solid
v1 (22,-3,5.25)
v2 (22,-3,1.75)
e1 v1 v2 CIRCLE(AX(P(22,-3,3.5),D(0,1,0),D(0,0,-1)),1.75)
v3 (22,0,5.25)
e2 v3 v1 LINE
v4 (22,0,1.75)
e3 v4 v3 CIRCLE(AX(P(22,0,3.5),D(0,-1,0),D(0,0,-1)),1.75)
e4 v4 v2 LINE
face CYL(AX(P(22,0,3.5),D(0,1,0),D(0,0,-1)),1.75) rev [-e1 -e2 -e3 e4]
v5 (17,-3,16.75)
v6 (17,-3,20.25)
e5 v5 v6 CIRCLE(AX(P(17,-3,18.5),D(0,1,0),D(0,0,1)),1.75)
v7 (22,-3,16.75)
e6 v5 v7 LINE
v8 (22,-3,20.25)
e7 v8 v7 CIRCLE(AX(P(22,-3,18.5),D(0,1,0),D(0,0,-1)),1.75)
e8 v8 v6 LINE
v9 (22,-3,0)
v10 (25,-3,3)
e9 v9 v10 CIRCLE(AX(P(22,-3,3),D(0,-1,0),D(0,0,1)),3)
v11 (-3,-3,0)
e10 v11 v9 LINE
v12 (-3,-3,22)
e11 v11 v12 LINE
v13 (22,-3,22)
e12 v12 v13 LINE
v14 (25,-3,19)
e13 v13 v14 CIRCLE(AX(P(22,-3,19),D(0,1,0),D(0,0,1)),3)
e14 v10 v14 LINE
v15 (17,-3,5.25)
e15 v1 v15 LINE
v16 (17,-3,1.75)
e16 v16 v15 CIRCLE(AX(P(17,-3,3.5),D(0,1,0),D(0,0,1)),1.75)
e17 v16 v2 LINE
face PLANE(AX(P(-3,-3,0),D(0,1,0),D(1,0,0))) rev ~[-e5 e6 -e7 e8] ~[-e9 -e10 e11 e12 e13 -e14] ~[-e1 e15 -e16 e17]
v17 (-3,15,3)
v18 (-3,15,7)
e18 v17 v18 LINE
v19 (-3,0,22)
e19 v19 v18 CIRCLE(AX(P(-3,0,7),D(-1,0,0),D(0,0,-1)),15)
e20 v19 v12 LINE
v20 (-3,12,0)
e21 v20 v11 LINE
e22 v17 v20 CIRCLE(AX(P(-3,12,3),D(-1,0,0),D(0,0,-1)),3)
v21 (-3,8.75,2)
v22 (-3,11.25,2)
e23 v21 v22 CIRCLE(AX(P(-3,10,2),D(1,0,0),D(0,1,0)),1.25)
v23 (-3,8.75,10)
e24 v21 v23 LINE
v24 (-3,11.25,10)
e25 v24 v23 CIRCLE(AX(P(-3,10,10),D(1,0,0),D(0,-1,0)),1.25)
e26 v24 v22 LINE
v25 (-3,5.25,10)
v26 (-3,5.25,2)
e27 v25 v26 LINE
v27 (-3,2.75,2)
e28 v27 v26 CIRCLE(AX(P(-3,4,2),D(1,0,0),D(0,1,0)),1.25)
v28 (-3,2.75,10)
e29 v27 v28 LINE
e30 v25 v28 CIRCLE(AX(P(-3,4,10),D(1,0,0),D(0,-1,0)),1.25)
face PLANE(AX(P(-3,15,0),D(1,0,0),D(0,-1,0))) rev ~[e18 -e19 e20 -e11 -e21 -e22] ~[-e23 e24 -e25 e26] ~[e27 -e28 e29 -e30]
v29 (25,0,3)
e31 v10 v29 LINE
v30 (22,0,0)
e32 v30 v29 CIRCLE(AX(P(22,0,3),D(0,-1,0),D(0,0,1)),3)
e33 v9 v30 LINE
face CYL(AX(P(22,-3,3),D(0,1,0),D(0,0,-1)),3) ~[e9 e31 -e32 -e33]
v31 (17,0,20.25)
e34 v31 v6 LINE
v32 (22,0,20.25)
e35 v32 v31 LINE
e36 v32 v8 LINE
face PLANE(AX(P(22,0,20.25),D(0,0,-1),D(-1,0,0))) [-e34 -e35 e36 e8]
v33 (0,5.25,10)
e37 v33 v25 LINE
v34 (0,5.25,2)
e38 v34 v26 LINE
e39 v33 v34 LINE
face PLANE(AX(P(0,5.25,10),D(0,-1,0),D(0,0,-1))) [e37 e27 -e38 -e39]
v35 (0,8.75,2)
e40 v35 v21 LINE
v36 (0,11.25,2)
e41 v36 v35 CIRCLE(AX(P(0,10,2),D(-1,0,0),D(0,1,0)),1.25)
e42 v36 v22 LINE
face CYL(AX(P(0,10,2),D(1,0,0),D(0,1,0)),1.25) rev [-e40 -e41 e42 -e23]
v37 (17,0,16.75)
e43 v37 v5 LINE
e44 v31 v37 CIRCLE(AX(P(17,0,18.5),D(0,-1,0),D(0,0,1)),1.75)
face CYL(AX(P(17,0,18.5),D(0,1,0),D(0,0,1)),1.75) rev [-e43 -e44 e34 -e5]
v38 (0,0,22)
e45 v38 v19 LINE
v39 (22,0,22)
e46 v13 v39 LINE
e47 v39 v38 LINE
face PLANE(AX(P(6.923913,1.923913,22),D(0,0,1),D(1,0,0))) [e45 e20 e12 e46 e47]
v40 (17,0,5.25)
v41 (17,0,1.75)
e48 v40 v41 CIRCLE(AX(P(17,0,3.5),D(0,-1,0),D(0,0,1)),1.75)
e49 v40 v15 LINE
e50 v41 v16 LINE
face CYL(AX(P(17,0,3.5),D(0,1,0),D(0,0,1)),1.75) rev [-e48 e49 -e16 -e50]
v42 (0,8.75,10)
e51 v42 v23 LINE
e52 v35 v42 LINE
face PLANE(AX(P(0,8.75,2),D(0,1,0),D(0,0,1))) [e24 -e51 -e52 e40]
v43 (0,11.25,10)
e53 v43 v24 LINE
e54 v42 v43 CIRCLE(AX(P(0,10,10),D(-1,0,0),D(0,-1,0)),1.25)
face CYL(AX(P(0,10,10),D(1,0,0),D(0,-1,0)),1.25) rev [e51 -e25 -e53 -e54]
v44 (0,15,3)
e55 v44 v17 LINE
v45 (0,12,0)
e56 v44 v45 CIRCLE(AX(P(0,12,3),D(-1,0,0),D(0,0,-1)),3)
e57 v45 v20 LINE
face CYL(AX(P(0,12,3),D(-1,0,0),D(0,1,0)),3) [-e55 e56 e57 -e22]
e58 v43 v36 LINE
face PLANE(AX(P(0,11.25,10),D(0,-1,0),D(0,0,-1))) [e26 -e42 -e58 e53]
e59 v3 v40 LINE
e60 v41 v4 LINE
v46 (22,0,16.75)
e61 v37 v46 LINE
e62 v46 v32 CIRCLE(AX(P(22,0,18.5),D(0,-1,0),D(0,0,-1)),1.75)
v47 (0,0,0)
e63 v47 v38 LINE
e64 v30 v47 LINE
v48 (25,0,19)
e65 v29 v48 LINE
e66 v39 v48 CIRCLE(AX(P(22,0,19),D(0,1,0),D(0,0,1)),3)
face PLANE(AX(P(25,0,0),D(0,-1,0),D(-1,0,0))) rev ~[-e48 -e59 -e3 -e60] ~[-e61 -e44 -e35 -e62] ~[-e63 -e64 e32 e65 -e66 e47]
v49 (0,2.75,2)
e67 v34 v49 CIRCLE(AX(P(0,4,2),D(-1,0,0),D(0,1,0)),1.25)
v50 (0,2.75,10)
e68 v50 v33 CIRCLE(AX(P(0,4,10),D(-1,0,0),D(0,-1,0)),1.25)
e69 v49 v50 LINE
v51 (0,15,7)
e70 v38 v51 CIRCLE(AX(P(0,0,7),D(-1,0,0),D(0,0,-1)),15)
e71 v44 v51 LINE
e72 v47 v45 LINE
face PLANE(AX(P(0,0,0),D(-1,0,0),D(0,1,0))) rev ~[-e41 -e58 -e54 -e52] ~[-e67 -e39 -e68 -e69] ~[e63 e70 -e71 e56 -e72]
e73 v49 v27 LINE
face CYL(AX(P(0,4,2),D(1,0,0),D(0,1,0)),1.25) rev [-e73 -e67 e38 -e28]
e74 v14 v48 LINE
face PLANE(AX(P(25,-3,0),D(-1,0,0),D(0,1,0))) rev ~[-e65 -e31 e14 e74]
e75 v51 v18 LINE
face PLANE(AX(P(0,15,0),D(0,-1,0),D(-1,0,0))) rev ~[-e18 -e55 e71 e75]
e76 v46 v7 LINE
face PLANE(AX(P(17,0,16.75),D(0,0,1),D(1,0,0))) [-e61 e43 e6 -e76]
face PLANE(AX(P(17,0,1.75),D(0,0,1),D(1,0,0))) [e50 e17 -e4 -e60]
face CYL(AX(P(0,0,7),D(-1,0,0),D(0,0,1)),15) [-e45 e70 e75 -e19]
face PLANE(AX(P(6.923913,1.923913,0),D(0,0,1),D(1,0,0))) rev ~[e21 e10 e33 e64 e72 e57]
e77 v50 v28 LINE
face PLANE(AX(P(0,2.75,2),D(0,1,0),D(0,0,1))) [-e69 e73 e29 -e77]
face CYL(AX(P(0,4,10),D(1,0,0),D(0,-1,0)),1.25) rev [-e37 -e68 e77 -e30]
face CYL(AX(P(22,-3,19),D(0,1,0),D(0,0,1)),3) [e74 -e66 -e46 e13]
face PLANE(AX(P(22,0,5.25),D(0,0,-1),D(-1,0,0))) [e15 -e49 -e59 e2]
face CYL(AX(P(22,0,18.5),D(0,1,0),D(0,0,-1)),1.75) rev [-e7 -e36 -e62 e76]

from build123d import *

# Parameters (mm, degrees)
BOSS_EXTRUDE1_DEPTH = 22
CUT_EXTRUDE1_DEPTH  = 4
CUT_EXTRUDE2_DEPTH  = 4
FILLET1_R           = 15
FILLET2_R           = 3


with BuildPart() as part:
    # Sketch1 → Boss-Extrude1 (new body)
    with BuildSketch(Plane.XY):
        Polygon((0, 0), (0, 15), (-3, 15), (-3, -3), (25, -3), (25, 0), align=None)
    extrude(amount=BOSS_EXTRUDE1_DEPTH)

    # Sketch2 → Cut-Extrude1 (cut, through all)
    with BuildSketch(Plane(origin=(0, 0, 0), x_dir=(1, 0, 0), z_dir=(0, 1, 0))):
        with BuildLine():
            Line((17, -1.75), (22, -1.75))
            ThreePointArc((22, -1.75), (23.75, -3.5), (22, -5.25))
            Line((22, -5.25), (17, -5.25))
            ThreePointArc((17, -5.25), (15.25, -3.5), (17, -1.75))
        make_face()
        with BuildLine():
            Line((17, -16.75), (22, -16.75))
            ThreePointArc((22, -16.75), (23.75, -18.5), (22, -20.25))
            Line((22, -20.25), (17, -20.25))
            ThreePointArc((17, -20.25), (15.25, -18.5), (17, -16.75))
        make_face()
    extrude(amount=-CUT_EXTRUDE1_DEPTH, mode=Mode.SUBTRACT)

    # Sketch3 → Cut-Extrude2 (cut, through all)
    with BuildSketch(Plane(origin=(0, 0, 0), x_dir=(0, 0, -1), z_dir=(1, 0, 0))):
        with BuildLine():
            Line((-10, 11.25), (-2, 11.25))
            ThreePointArc((-2, 11.25), (-0.75, 10), (-2, 8.75))
            Line((-2, 8.75), (-10, 8.75))
            ThreePointArc((-10, 8.75), (-11.25, 10), (-10, 11.25))
        make_face()
        with BuildLine():
            Line((-10, 5.25), (-2, 5.25))
            ThreePointArc((-2, 5.25), (-0.75, 4), (-2, 2.75))
            Line((-2, 2.75), (-10, 2.75))
            ThreePointArc((-10, 2.75), (-11.25, 4), (-10, 5.25))
        make_face()
    extrude(amount=-CUT_EXTRUDE2_DEPTH, mode=Mode.SUBTRACT)

    # Fillet1
    fillet1_edges = [part.edges().sort_by_distance(p)[0] for p in [
        (-1.5, 15, 22),
    ]]
    fillet(fillet1_edges, radius=FILLET1_R)

    # Fillet2
    fillet2_edges = [part.edges().sort_by_distance(p)[0] for p in [
        (25, -1.5, 22),
        (25, -1.5, 0),
        (-1.5, 15, 0),
    ]]
    fillet(fillet2_edges, radius=FILLET2_R)


solid = part.part
